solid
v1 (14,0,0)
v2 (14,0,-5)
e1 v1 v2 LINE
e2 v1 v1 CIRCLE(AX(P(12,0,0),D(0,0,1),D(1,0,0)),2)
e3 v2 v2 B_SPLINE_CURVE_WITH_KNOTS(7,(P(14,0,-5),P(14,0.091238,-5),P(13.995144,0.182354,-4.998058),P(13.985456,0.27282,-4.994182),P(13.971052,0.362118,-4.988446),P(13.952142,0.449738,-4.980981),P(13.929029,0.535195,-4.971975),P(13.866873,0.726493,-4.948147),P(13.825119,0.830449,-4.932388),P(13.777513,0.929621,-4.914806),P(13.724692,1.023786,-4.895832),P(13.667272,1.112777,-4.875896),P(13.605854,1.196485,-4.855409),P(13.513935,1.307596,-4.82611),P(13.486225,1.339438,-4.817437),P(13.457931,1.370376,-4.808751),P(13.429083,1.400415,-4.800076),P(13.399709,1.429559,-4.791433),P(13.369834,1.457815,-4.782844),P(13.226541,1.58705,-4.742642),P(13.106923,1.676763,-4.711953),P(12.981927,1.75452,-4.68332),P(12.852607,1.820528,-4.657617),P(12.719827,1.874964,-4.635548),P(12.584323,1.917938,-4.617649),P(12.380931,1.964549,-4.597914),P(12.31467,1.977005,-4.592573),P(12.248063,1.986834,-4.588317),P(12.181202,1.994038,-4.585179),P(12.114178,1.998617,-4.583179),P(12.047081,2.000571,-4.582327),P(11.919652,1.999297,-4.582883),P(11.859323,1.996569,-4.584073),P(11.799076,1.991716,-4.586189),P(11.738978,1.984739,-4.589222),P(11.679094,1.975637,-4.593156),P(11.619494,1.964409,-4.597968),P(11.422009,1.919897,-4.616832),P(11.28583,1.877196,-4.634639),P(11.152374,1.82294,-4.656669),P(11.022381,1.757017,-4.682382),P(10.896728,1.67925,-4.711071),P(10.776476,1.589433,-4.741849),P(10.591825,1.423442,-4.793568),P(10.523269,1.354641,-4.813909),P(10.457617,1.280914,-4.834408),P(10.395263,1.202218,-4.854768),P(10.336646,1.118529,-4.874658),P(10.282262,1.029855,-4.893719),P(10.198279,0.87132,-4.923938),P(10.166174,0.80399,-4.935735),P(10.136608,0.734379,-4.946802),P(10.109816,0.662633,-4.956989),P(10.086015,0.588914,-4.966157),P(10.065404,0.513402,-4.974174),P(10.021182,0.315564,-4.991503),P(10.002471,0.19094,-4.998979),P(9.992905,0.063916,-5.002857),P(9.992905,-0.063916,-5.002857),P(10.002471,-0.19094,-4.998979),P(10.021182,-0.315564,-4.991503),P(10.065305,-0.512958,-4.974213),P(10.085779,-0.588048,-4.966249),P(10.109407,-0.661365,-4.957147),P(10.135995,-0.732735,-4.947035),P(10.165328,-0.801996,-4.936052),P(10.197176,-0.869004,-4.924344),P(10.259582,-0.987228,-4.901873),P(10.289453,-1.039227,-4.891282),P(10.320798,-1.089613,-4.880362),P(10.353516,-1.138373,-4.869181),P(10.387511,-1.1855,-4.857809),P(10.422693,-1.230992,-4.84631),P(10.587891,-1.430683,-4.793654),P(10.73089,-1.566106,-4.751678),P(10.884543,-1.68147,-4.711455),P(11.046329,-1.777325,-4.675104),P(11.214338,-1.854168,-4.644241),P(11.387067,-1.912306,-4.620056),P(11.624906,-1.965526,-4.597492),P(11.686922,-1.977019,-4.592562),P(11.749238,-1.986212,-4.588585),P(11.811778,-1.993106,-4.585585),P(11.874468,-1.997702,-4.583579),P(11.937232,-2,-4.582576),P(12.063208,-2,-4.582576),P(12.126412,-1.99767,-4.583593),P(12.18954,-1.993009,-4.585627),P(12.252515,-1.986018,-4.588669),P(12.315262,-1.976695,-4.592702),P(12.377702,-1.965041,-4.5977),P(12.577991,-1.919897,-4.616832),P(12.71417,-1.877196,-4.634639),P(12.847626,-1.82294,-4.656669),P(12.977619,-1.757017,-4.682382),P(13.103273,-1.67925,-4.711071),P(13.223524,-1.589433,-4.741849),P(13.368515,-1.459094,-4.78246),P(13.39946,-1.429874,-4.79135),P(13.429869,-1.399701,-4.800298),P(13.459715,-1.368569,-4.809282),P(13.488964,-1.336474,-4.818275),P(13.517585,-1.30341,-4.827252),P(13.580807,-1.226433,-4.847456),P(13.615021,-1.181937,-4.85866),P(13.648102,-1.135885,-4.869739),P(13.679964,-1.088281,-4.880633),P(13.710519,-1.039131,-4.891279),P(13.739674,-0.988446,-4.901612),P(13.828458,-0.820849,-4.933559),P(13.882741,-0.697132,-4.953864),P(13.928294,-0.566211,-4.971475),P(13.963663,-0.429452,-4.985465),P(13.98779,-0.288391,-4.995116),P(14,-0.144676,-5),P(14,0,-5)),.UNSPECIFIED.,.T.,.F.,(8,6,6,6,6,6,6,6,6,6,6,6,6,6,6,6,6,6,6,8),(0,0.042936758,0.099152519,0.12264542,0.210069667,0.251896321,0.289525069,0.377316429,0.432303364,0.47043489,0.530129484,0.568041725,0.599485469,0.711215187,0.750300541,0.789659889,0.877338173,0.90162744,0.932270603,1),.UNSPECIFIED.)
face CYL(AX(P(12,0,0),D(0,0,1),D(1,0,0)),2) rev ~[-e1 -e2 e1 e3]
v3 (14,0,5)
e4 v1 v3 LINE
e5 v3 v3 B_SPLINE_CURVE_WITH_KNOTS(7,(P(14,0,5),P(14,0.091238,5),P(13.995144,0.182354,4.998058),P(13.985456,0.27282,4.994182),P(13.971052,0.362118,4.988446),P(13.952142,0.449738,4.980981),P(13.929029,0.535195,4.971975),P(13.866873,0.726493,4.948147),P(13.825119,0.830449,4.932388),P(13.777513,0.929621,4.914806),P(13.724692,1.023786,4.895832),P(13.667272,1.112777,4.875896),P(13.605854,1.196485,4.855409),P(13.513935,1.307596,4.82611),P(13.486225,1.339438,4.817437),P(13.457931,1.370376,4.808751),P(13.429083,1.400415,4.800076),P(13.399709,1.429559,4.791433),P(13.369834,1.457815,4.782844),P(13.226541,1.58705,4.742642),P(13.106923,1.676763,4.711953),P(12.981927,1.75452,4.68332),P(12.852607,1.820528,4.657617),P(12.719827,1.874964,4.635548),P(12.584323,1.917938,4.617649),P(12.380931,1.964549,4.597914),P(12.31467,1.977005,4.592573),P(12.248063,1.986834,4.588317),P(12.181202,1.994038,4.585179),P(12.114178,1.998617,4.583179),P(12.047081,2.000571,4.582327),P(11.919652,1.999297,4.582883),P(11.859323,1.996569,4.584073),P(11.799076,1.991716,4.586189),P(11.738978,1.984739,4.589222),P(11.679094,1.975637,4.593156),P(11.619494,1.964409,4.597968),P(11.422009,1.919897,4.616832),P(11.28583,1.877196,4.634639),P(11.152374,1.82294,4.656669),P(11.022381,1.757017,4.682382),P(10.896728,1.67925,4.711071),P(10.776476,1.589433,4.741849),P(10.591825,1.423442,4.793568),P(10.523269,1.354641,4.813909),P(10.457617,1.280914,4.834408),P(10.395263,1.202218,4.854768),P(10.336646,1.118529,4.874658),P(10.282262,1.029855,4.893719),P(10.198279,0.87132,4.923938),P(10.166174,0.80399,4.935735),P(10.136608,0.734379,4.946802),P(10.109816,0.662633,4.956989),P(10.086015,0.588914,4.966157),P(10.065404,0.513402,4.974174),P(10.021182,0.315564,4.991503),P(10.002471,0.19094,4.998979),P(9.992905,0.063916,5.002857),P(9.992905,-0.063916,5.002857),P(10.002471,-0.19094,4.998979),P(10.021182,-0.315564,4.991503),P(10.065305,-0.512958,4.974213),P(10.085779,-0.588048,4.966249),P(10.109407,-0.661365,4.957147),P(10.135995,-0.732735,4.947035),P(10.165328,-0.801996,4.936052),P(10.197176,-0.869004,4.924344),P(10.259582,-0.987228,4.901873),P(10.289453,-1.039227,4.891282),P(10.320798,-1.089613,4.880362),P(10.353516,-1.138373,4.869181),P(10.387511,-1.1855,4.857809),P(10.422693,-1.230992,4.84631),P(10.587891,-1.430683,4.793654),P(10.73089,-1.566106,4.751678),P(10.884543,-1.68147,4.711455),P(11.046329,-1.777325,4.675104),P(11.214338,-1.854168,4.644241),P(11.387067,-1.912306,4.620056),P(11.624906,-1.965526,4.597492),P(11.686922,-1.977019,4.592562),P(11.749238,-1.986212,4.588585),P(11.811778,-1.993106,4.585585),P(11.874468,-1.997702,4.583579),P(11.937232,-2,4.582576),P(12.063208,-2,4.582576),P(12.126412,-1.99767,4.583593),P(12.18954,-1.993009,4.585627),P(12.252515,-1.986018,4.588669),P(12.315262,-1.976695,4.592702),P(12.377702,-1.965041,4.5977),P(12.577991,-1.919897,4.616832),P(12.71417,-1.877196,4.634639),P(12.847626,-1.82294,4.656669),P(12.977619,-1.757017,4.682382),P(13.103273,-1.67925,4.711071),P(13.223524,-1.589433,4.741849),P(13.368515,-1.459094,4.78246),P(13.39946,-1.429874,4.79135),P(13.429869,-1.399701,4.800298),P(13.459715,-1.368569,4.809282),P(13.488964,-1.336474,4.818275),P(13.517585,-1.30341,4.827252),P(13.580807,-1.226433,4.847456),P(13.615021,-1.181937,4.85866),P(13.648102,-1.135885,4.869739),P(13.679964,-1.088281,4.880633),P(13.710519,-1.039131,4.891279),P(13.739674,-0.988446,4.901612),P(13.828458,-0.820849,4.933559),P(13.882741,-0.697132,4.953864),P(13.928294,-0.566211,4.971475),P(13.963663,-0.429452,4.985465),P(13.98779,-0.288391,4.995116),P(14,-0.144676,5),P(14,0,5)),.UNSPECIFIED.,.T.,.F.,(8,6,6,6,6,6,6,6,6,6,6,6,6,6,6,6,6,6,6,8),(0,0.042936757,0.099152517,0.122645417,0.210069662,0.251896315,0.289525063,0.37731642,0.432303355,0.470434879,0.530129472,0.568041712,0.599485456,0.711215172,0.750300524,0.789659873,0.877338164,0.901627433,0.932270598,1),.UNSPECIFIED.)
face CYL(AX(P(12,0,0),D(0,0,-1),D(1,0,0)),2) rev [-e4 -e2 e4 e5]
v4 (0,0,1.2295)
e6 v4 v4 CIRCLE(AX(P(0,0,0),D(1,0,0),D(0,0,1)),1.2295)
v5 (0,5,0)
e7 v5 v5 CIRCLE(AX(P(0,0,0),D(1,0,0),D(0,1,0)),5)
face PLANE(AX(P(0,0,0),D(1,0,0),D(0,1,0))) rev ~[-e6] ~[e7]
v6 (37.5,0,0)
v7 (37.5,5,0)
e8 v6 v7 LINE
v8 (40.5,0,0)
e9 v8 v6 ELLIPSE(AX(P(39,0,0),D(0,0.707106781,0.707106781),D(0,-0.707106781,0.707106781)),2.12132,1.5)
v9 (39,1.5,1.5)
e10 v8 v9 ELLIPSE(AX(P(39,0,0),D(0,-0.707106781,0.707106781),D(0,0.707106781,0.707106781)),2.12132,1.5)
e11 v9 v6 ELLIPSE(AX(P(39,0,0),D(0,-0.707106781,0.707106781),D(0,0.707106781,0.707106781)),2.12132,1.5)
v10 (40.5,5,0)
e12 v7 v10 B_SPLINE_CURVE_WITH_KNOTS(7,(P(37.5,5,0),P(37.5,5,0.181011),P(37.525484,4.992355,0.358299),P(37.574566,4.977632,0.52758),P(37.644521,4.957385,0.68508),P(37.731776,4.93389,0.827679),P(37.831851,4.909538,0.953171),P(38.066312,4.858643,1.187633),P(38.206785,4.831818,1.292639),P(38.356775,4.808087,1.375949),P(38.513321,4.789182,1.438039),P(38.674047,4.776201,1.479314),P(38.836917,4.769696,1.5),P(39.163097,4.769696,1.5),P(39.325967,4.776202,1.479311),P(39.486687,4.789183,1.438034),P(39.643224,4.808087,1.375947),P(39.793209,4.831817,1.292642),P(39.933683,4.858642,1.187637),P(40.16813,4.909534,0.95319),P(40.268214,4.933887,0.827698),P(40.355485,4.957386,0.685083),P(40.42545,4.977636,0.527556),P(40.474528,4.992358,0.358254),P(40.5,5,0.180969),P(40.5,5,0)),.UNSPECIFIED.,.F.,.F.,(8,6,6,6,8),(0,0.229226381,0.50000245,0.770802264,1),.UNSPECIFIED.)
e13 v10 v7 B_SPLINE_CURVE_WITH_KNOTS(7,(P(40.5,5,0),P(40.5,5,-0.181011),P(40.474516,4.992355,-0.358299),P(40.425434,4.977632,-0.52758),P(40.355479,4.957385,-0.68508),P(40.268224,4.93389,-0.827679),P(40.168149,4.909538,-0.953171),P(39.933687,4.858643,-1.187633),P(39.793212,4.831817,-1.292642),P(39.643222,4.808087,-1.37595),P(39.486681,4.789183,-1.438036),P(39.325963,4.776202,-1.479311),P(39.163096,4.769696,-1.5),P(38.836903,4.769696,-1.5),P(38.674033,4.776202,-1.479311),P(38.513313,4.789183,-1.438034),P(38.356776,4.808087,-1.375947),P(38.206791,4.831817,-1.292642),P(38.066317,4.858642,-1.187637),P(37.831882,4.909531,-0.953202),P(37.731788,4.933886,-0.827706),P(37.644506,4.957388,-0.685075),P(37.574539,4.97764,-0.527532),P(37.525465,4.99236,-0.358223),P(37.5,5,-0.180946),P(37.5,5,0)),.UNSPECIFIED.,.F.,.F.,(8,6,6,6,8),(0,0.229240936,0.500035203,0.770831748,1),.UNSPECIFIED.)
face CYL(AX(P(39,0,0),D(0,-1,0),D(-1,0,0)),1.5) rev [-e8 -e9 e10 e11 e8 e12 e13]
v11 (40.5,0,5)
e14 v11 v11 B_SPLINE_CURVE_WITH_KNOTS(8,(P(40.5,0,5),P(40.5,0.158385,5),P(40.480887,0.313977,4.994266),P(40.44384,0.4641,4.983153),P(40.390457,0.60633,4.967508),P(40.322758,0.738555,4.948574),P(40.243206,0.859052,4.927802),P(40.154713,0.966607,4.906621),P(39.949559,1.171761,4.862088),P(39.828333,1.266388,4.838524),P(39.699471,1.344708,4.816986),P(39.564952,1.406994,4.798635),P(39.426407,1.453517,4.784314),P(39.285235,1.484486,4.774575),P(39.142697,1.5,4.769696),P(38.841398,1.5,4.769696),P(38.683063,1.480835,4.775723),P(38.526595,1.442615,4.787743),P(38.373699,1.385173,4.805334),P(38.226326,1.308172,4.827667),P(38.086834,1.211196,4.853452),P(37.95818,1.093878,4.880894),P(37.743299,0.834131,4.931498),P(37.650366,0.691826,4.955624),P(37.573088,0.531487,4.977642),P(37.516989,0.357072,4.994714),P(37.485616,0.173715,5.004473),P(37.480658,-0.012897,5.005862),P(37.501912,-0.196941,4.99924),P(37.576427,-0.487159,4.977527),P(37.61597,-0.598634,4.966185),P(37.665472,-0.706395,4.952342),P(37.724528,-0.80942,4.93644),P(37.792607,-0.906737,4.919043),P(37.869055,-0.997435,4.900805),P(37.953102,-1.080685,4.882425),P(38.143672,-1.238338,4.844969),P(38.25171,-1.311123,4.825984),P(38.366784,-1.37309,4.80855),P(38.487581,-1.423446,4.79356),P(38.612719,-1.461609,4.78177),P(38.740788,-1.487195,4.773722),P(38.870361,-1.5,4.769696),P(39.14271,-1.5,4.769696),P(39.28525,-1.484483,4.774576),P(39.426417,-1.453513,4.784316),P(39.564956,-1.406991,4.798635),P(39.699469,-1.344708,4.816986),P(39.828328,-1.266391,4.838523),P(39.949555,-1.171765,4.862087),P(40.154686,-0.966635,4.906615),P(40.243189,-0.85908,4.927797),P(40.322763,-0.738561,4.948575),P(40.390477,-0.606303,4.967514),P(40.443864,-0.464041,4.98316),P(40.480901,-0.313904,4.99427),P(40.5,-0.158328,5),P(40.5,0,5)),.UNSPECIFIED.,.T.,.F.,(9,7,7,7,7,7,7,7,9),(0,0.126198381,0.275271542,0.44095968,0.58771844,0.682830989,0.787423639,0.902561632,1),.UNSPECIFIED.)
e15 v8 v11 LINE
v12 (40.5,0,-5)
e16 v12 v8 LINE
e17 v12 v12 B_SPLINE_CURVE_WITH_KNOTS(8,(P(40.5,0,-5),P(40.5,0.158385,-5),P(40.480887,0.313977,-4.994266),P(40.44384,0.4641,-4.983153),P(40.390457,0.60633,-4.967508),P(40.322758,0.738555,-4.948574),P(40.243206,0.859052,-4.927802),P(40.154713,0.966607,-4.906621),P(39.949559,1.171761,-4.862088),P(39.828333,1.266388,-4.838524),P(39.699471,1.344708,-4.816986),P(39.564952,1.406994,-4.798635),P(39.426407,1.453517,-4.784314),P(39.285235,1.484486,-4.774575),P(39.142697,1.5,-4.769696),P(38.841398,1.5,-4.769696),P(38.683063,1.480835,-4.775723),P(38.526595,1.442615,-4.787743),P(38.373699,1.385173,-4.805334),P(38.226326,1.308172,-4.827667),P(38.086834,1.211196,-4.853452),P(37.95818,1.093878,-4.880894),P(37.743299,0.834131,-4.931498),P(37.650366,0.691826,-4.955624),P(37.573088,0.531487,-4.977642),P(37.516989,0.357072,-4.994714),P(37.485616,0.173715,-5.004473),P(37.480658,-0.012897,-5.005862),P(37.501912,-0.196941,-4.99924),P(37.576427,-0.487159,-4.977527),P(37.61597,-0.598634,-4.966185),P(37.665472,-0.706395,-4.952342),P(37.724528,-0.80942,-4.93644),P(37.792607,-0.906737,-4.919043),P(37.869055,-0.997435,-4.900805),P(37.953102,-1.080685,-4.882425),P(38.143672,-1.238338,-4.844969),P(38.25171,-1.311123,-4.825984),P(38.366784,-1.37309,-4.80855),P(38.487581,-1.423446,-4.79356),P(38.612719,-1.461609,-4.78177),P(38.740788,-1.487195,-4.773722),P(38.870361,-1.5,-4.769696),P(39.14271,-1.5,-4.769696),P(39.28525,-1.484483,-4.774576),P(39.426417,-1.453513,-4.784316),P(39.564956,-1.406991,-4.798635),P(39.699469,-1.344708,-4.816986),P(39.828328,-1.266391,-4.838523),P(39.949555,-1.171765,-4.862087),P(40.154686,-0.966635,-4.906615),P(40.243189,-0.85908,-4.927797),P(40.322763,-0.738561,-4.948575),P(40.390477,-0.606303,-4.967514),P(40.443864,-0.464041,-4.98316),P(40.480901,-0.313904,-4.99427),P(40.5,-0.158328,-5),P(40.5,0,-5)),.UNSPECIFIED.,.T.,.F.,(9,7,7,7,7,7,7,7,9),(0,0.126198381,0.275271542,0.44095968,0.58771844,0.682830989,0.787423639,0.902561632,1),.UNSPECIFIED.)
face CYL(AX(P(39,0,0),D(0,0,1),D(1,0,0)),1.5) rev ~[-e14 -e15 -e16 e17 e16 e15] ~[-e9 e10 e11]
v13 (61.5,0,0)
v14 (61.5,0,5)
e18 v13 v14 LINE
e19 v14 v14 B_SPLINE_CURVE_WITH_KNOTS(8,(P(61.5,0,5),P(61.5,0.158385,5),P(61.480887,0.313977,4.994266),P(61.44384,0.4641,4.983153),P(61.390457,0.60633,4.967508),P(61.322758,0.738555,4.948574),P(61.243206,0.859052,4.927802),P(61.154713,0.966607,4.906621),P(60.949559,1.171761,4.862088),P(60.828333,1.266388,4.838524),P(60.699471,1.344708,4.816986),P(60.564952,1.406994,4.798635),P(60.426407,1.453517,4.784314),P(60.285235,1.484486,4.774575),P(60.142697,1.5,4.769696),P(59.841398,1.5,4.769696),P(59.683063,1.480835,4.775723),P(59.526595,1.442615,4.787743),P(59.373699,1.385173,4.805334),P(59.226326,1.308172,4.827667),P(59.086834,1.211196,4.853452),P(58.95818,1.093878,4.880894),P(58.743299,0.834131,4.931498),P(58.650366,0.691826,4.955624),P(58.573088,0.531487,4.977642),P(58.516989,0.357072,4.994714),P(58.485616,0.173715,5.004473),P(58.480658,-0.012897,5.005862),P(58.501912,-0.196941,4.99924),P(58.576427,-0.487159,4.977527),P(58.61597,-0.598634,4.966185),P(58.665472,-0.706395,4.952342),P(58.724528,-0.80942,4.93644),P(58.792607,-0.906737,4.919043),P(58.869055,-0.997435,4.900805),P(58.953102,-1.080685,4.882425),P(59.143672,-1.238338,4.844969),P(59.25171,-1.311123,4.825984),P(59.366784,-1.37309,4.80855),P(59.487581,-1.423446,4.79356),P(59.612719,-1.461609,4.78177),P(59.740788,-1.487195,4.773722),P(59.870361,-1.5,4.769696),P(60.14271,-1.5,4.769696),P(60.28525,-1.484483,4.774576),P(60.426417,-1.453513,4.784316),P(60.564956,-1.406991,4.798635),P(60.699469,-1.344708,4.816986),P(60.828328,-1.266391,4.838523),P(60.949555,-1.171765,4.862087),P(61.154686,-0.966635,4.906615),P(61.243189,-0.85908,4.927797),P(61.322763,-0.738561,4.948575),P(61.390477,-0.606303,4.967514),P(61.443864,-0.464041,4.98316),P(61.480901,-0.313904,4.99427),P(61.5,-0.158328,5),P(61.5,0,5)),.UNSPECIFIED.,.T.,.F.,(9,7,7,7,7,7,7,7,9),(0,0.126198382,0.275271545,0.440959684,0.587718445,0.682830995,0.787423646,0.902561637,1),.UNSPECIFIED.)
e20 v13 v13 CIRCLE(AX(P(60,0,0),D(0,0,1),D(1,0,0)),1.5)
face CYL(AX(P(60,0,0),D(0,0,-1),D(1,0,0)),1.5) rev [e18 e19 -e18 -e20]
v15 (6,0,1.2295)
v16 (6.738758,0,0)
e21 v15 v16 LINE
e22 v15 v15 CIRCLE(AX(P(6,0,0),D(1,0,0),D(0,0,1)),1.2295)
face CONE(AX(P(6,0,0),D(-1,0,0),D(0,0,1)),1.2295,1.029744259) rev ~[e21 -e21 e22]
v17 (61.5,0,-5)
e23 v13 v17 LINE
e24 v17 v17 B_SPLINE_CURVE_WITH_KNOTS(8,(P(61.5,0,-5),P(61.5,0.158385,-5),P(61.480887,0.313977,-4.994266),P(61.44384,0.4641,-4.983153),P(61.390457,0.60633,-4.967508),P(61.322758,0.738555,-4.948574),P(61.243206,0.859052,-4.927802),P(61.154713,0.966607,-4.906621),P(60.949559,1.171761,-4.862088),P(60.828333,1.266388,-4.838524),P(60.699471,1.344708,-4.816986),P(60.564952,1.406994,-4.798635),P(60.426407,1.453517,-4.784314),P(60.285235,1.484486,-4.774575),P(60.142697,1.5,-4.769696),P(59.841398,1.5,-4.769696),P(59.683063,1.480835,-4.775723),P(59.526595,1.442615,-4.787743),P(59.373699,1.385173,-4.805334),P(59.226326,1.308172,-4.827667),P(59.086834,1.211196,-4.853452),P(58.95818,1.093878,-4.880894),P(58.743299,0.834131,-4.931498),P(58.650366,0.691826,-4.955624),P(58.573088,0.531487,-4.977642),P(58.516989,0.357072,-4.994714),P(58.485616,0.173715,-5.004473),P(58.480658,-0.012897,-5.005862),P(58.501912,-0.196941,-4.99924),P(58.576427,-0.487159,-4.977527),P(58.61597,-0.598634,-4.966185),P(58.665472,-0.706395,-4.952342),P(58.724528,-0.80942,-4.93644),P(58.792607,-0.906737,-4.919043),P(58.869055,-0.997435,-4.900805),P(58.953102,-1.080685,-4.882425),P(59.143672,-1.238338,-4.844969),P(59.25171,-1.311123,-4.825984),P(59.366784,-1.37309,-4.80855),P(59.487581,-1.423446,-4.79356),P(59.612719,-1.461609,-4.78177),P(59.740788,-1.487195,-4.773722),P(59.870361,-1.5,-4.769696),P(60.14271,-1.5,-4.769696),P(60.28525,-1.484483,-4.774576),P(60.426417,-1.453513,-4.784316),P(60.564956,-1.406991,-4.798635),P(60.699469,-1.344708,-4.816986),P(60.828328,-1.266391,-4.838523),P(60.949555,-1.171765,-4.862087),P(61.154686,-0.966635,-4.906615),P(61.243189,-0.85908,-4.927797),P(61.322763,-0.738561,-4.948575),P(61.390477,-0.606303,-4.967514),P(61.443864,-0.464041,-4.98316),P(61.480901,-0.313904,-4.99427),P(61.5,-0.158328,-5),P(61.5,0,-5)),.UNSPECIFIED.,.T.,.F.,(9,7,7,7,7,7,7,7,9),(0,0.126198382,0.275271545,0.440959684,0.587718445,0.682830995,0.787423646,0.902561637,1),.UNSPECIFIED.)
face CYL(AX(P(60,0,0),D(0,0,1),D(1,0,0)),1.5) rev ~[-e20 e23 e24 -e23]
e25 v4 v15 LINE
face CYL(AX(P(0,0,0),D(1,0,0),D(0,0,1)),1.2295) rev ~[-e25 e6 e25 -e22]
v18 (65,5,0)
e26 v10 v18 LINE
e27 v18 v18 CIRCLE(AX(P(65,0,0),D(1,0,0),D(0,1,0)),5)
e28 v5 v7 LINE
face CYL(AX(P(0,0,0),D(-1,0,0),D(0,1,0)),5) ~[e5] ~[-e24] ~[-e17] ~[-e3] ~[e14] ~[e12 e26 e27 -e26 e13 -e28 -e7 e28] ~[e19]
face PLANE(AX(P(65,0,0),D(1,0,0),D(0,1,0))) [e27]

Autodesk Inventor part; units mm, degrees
ref_plane "YZ Plane" through (0, 0, 0) normal (1, 0, 0) x (0, 1, 0)
ref_plane "XZ Plane" through (0, 0, 0) normal (0, 1, 0) x (-1, 0, 0)
ref_plane "XY Plane" through (0, 0, 0) normal (0, 0, 1) x (1, 0, 0)
sketch "Эскиз1" plane through (0, 0, 0) normal (1, 0, 0) x (0, 1, 0)
  circle A0 centre (0, 0) radius 5
  dimension "d0" = 10
extrude "Выдавливание1" add sketch "Эскиз1" along normal blind 65
sketch "Эскиз2" plane through (0, 0, 0) normal (0, 0, 1) x (1, 0, 0)
  line L0 (0, 0) -> (12, 0)
  circle A0 centre (12, 0) radius 2
  line L1 (12, 0) -> (29, 0)
  line L2 (29, 0) -> (39, 0)
  circle A1 centre (39, 0) radius 1.5
  dimension "d3" = 12
  dimension "d4" = 4
  dimension "d5" = 17
  dimension "d6" = 10
  dimension "d7" = 3
extrude "Выдавливание2" cut sketch "Эскиз2" along normal mid plane 15.25
sketch "Эскиз3" plane through (0, 0, 0) normal (0, 1, 0) x (-1, 0, 0)
  line L0 (-40.5, -5) -> (-40.5, 5) projected
  line L1 (-37.5, -5) -> (-37.5, 5) projected
  line L2 (-37.5, 0) -> (-40.5, 0)
  circle A0 centre (-39, 0) radius 1.5
  point P0 (0, 0)
  dimension "d10" = 3
extrude "Выдавливание3" cut sketch "Эскиз3" along normal blind 15
thread "Резьба1" size "M3x0.5" class "6H" standard "ISO Metric profile" full length
thread "Резьба2" size "M3x0.5" class "6H" standard "ISO Metric profile" full length
sketch "Эскиз4" plane through (0, 0, 0) normal (0, 0, 1) x (1, 0, 0)
  line L0 (65, -5) -> (65, 5) projected
  line L1 (65, 0) -> (60, 0)
  circle A0 centre (60, 0) radius 1.5
  point P0 (0, 0)
  dimension "d17" = 5
  dimension "d18" = 3
extrude "Выдавливание4" cut sketch "Эскиз4" along normal mid plane 21.25
thread "Резьба3" size "M3x0.5" class "6H" standard "ANSI Metric M Profile" full length
sketch "Эскиз5" plane through (0, 0, 0) normal (-1, 0, 0) x (0, 0, 1)
  point P0 (0, 0)
  point P1 (0, 0)
hole "Отверстие1" at (0, 0, 0) direction (1, 0, 0) diameter 2.459 depth 6 tip angle 118 thread size "M3x0.5" class "6H" standard "ISO Metric profile"
properties part number "Вал ручки"
